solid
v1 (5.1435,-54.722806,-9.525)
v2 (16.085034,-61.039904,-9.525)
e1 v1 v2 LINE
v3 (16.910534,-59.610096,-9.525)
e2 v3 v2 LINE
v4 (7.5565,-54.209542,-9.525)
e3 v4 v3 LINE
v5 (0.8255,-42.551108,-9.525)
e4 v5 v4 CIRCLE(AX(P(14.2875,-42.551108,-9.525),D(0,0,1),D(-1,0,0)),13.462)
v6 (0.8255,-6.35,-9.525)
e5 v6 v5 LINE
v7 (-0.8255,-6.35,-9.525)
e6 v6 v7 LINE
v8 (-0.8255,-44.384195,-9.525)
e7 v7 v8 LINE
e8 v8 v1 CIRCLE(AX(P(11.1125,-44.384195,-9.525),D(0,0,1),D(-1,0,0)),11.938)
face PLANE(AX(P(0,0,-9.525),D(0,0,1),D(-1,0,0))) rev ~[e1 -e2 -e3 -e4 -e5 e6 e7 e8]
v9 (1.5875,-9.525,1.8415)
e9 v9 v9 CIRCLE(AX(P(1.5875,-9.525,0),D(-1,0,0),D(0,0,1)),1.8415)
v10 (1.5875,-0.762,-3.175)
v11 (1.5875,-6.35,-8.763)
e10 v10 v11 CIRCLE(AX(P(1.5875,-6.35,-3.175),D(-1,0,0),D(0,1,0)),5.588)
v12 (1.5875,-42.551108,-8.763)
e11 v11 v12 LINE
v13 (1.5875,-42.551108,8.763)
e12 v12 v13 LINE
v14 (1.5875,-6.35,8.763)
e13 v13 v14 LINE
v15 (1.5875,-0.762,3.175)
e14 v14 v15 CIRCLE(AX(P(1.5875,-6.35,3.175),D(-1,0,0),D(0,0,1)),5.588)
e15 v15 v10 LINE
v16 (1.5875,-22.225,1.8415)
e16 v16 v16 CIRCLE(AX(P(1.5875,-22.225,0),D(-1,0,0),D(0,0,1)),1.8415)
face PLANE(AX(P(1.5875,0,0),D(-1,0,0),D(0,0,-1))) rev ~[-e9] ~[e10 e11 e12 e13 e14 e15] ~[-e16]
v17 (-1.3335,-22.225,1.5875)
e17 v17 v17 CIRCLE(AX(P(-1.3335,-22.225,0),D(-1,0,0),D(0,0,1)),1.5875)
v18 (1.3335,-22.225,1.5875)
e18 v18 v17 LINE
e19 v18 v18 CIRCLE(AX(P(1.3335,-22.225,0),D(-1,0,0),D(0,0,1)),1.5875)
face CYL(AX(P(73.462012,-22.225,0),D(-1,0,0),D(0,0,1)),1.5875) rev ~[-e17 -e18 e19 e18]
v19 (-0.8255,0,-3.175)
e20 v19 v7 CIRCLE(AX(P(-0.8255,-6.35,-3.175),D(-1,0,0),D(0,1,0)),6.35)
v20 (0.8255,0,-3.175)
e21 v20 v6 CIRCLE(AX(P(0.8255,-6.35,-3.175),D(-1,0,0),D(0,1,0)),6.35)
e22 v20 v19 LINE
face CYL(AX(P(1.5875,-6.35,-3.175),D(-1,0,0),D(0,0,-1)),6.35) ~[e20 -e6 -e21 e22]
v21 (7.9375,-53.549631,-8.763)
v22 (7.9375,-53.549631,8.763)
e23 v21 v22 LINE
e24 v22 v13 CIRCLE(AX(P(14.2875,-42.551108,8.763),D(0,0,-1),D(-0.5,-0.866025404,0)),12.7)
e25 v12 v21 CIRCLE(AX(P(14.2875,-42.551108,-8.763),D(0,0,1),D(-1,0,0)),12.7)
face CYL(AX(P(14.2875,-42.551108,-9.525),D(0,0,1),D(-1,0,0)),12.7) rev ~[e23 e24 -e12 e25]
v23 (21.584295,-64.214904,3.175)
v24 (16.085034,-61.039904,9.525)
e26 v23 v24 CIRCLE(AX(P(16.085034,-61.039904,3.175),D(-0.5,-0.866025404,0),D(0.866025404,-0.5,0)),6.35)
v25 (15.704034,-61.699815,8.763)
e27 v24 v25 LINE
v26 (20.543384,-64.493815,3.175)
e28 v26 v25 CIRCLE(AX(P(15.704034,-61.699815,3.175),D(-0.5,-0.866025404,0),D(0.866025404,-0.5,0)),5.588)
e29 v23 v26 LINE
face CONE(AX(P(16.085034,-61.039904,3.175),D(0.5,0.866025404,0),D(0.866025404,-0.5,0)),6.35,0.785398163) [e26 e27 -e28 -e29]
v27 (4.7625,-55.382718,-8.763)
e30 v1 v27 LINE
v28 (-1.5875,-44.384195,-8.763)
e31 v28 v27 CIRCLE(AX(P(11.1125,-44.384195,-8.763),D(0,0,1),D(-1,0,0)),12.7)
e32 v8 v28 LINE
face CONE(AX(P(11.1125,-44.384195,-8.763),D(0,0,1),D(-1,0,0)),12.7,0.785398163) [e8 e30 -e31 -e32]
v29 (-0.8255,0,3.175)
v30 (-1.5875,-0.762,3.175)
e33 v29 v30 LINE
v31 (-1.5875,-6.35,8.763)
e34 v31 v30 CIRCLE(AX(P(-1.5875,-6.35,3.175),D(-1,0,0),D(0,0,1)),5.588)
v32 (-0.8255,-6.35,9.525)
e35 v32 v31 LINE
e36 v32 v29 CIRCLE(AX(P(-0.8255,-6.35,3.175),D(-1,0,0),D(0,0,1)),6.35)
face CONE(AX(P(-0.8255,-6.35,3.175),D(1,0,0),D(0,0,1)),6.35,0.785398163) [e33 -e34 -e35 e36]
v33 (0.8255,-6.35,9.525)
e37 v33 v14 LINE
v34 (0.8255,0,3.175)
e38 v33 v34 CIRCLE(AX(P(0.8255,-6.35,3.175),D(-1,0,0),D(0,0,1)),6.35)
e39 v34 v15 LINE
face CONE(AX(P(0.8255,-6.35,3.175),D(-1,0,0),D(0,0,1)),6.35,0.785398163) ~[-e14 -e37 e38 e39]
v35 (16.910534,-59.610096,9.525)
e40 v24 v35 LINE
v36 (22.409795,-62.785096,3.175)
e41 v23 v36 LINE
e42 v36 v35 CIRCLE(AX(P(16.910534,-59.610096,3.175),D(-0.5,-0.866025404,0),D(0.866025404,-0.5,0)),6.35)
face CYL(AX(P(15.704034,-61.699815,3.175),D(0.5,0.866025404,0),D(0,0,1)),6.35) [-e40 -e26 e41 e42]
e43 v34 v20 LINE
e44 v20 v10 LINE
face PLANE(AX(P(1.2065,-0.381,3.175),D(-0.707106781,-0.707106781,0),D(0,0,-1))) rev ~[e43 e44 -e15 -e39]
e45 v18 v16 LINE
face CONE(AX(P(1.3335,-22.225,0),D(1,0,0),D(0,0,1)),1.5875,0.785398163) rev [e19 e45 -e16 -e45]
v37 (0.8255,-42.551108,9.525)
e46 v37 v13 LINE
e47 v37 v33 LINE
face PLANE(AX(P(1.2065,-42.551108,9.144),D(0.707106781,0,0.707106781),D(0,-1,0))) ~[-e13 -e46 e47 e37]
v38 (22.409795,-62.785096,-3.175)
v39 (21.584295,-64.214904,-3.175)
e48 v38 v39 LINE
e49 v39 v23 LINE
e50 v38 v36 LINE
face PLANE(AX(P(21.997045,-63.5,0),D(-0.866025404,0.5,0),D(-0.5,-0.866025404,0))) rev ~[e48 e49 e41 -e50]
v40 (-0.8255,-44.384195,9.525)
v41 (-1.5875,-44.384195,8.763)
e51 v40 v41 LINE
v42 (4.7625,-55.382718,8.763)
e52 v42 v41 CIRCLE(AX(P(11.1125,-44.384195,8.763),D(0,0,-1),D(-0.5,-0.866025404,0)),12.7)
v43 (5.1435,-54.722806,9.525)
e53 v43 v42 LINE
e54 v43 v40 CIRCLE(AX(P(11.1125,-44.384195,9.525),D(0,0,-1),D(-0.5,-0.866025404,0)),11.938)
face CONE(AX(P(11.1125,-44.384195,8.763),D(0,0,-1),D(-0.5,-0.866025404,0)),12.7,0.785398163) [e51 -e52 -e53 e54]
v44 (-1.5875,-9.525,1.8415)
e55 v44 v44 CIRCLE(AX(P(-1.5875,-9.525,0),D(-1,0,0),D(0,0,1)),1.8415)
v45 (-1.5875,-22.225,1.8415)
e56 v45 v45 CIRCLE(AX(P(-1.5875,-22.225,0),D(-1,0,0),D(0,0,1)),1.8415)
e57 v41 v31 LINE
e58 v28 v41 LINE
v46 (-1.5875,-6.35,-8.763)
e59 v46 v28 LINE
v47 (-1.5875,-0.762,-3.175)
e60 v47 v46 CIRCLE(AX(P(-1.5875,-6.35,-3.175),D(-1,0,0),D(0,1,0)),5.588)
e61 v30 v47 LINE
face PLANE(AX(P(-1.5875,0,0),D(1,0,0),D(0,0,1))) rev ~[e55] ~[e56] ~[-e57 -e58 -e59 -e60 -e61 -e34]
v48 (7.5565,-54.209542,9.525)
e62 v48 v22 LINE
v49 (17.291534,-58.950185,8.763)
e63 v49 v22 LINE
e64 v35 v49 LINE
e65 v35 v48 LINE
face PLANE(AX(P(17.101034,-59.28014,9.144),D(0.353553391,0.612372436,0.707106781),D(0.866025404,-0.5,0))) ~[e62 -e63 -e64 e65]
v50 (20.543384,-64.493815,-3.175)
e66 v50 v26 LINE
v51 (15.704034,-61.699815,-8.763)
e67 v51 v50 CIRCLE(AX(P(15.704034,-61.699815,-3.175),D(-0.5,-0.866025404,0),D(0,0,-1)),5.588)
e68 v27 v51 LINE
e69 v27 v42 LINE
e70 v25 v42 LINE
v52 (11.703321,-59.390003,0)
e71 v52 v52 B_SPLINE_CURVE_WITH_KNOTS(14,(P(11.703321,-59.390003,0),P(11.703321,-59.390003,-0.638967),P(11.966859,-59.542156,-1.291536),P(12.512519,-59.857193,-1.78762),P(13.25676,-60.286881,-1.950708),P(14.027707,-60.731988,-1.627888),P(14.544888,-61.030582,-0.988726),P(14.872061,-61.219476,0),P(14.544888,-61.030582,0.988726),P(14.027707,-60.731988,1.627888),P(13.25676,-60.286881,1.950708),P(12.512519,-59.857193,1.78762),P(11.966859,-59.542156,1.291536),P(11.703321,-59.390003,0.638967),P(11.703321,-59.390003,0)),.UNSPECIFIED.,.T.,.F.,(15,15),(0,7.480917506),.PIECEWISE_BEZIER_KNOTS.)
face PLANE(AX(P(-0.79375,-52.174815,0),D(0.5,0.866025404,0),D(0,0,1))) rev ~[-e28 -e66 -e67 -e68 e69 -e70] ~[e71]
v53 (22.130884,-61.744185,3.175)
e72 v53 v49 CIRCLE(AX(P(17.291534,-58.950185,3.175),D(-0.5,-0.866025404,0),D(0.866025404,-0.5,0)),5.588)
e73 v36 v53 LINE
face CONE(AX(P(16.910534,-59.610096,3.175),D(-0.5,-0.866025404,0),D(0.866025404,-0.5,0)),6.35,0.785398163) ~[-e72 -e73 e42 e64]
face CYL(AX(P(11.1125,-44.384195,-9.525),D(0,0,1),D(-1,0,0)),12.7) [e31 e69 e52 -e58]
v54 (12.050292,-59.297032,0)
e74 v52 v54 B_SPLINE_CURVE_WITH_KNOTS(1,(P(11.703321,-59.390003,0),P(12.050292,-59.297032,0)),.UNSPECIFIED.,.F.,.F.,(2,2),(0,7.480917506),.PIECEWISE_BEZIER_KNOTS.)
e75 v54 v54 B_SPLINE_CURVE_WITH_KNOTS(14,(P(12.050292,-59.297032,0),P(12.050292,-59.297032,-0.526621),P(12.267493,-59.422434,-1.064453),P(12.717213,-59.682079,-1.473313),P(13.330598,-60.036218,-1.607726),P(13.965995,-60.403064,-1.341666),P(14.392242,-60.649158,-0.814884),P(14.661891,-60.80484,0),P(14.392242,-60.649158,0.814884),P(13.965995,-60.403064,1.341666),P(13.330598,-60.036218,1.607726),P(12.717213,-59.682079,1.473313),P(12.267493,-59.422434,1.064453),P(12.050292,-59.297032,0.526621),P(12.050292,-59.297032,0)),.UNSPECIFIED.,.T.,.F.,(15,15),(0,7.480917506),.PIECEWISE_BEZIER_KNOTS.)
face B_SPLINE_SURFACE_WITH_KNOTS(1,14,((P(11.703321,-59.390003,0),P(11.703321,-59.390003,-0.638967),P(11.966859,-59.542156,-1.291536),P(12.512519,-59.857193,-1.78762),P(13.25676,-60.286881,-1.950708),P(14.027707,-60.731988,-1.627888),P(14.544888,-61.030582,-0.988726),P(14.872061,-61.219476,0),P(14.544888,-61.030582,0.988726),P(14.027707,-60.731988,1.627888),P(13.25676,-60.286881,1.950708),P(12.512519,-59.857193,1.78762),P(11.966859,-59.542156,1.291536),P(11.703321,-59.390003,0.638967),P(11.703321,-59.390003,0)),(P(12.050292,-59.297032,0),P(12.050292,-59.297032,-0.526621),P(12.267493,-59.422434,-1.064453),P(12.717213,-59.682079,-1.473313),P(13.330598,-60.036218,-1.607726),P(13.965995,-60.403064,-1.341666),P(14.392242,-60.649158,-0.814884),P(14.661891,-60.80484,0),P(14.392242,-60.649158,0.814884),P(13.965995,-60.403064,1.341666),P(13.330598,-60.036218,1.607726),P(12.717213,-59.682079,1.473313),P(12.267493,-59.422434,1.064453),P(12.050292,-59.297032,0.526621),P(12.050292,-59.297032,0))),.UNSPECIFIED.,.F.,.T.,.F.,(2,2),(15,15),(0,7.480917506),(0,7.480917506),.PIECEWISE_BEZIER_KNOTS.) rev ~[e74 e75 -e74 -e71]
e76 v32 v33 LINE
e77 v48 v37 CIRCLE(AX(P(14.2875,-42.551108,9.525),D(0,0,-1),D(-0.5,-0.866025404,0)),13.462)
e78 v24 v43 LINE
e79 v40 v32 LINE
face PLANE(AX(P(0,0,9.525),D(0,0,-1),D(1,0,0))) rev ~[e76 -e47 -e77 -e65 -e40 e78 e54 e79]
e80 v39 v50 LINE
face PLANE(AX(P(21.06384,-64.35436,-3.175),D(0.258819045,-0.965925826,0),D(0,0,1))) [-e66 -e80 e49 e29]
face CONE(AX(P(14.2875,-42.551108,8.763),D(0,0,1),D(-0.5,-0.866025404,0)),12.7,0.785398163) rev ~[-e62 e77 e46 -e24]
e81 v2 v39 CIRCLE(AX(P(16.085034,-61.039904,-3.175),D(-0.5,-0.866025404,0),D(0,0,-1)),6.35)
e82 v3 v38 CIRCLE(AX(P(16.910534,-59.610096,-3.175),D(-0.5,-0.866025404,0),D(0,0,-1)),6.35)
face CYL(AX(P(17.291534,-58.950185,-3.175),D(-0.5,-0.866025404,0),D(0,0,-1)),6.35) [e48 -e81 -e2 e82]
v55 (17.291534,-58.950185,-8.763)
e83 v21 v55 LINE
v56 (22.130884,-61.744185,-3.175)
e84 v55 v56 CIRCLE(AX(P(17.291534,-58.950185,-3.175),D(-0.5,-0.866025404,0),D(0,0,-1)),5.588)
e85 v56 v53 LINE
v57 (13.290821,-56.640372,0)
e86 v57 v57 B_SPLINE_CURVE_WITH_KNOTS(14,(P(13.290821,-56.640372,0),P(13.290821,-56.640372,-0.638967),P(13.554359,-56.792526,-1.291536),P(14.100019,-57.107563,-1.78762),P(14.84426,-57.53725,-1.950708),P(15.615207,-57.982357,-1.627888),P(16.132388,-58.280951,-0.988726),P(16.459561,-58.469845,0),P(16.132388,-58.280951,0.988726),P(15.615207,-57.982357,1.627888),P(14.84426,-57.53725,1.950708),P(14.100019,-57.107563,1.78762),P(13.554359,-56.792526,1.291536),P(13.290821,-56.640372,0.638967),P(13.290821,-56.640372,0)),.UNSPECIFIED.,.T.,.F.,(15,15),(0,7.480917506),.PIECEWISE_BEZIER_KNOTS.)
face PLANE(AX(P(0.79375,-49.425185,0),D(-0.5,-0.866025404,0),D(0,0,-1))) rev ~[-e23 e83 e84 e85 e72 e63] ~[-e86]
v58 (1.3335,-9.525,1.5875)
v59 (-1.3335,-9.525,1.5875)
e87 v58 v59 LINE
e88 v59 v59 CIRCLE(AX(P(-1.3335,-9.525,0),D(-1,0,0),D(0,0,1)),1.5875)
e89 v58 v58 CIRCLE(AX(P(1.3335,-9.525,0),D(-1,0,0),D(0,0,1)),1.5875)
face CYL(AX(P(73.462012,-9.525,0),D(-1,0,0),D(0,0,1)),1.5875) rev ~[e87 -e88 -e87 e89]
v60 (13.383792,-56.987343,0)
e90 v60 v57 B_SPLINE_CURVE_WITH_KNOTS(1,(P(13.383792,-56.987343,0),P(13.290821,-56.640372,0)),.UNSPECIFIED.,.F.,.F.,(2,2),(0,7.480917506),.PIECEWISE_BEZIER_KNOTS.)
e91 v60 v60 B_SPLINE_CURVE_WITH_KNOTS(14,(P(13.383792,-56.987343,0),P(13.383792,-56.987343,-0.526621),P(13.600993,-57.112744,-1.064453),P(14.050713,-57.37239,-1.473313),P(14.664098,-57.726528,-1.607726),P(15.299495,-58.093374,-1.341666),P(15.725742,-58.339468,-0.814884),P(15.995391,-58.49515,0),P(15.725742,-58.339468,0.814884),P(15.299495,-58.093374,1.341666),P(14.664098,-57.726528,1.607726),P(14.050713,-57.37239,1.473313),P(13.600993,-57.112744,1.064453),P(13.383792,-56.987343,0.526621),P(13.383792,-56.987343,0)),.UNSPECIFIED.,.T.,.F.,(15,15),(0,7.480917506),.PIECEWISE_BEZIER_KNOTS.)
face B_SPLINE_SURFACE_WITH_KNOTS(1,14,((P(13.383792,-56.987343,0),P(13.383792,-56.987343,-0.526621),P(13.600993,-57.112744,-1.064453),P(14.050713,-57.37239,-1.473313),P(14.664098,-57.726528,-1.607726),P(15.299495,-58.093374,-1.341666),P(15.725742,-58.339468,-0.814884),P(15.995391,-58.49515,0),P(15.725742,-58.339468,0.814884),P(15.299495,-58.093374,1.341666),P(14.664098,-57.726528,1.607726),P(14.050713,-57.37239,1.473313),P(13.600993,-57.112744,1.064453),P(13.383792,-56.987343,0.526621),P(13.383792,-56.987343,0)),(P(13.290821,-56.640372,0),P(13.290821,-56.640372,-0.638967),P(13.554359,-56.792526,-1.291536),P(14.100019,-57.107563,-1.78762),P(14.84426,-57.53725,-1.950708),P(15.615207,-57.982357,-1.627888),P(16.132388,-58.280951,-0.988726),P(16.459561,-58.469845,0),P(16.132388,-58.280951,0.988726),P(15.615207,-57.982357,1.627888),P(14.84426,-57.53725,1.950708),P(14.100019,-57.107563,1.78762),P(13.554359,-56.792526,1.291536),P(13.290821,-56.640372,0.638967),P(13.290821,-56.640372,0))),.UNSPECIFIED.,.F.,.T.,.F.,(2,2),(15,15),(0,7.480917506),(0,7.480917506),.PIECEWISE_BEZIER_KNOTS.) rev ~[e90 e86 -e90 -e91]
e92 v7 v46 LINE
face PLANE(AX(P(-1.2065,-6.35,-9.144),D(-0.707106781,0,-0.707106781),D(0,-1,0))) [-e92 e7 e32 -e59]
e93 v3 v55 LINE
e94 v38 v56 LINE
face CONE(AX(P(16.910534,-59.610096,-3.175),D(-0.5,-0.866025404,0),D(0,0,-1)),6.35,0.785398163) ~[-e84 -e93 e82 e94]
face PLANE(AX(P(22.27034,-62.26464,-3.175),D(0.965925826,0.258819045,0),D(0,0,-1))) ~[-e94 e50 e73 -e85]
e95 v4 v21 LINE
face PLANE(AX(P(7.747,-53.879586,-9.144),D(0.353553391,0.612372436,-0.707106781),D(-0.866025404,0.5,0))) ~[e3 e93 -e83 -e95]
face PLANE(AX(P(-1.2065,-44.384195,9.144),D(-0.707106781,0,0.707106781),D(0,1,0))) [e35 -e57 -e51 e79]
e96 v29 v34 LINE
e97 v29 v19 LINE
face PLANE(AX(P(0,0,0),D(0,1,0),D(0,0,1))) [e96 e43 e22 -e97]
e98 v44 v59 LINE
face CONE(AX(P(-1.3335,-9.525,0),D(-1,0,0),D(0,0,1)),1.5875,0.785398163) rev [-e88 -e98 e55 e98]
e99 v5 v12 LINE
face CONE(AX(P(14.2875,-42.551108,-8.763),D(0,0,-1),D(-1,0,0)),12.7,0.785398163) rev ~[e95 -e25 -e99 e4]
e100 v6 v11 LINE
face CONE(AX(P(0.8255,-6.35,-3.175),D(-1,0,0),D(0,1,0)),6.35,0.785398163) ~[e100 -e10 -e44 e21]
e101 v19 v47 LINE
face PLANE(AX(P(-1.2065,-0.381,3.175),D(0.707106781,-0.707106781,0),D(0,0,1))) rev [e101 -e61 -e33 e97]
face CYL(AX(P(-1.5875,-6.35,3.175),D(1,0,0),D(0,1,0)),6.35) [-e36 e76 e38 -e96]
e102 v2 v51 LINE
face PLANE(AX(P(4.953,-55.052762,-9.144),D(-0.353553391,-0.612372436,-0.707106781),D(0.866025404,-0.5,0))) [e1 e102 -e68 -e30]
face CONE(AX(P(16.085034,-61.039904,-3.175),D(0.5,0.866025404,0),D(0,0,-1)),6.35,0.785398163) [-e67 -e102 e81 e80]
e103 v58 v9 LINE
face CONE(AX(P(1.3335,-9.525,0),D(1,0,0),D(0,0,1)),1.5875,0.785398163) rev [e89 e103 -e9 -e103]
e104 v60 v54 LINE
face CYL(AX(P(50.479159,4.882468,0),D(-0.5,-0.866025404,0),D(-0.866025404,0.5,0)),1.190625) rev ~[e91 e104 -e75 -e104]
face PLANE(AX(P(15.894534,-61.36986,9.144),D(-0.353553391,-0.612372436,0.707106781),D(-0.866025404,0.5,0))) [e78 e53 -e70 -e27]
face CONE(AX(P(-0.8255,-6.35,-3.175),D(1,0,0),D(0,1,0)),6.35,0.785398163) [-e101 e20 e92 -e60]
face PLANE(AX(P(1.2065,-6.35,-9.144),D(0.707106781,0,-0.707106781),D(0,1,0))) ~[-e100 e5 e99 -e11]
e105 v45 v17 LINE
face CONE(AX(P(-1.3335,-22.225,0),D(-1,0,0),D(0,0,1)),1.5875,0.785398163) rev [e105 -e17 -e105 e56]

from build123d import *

# Parameters (mm, degrees)
SKETCH2_W                       = 3.175
SKETCH2_H                       = 19.05
F_1_8_0_125_DIAMETER_HOLE1_D    = 3.175
F_3_32_0_09375_DIAMETER_HOLE2_D = 2.38125
FILLET1_R                       = 12.7
FILLET2_R                       = 6.35
CHAMFER3_SIZE                   = 0.762
CHAMFER2_SIZE                   = 0.254


with BuildPart() as part:
    # Sweep1: sweep along a path in Sketch1
    with BuildLine(Plane.XY) as sweep1_path:
        Line((0, 0), (0, -31.75))
        Line((0, -31.75), (0, -50.8))
        Line((0, -50.8), (21.997045256, -63.5))
    # Sketch2 → Sweep1 (sweep)
    with BuildSketch(Plane(origin=(0, 0, 0), x_dir=(1, 0, 0), z_dir=(0, 1, 0))):
        Rectangle(SKETCH2_W, SKETCH2_H)
    sweep(path=sweep1_path.line, transition=Transition.RIGHT)

    # 1/8 (0.125) Diameter Hole1 (through all)
    with Locations(Plane(origin=(1.5875, 0, 0), x_dir=(0, 0, -1), z_dir=(1, 0, 0))):
        with Locations((0, -9.525), (0, -22.225)):
            Hole(F_1_8_0_125_DIAMETER_HOLE1_D / 2)

    # 3/32 (0.09375) Diameter Hole2 (through all)
    with Locations(Plane(origin=(-21.203295256, -36.725184671, 0), x_dir=(0.866025404, -0.5, 0), z_dir=(0.5, 0.866025404, 0))):
        with Locations((41.275, 0)):
            Hole(F_3_32_0_09375_DIAMETER_HOLE2_D / 2)

    # Fillet1
    fillet1_edges = [part.edges().sort_by_distance(p)[0] for p in [
        (1.5875, -49.883456448, 0),
        (-1.5875, -51.716543552, 0),
    ]]
    fillet(fillet1_edges, radius=FILLET1_R)

    # Fillet2
    fillet2_edges = [part.edges().sort_by_distance(p)[0] for p in [
        (21.997045256, -63.5, -9.525),
        (21.997045256, -63.5, 9.525),
        (0, 0, -9.525),
        (0, 0, 9.525),
    ]]
    fillet(fillet2_edges, radius=FILLET2_R)

    # Chamfer3
    chamfer3_edges = [part.edges().sort_by_distance(p)[0] for p in [
        (10.233266971, -58.541266545, -9.525),
        (10.233266971, -58.541266545, 9.525),
        (12.614516971, -56.249907664, -9.525),
        (0.113977372, -50.734195134, -9.525),
        (0.113977372, -50.734195134, -9.525),
        (0.113977372, -50.734195134, 9.525),
        (12.614516971, -56.249907664, 9.525),
        (0.113977372, -50.734195134, 9.525),
        (3.288977372, -48.901108029, 9.525),
        (3.288977372, -48.901108029, 9.525),
        (3.288977372, -48.901108029, -9.525),
        (3.288977372, -48.901108029, -9.525),
        (1.5875, -24.450554014, 9.525),
        (1.5875, -24.450554014, -9.525),
        (-1.5875, -25.367097567, -9.525),
        (-1.5875, -25.367097567, 9.525),
        (21.203295256, -64.874815329, 0),
        (19.592598909, -63.944879359, 7.665128061),
        (19.592598909, -63.944879359, -7.665128061),
        (22.790795256, -62.125184671, 0),
        (21.180098909, -61.195248702, 7.665128061),
        (21.180098909, -61.195248702, -7.665128061),
        (1.5875, 0, 0),
        (-1.5875, 0, 0),
        (-1.5875, -25.367097567, 9.525),
        (-1.5875, -25.367097567, -9.525),
        (-1.5875, -1.859871939, 7.665128061),
        (-1.5875, -1.859871939, -7.665128061),
        (1.5875, -24.450554014, -9.525),
        (1.5875, -24.450554014, 9.525),
        (1.5875, -1.859871939, 7.665128061),
        (1.5875, -1.859871939, -7.665128061),
    ]]
    chamfer(chamfer3_edges, length=CHAMFER3_SIZE)

    # Chamfer2
    chamfer2_edges = [part.edges().sort_by_distance(p)[0] for p in [
        (1.5875, -22.225, -1.5875),
        (-1.5875, -22.225, -1.5875),
        (1.5875, -9.525, -1.5875),
        (-1.5875, -9.525, -1.5875),
        (13.985514781, -60.707627829, 0),
        (15.573014781, -57.957997171, 0),
    ]]
    chamfer(chamfer2_edges, length=CHAMFER2_SIZE)


solid = part.part
